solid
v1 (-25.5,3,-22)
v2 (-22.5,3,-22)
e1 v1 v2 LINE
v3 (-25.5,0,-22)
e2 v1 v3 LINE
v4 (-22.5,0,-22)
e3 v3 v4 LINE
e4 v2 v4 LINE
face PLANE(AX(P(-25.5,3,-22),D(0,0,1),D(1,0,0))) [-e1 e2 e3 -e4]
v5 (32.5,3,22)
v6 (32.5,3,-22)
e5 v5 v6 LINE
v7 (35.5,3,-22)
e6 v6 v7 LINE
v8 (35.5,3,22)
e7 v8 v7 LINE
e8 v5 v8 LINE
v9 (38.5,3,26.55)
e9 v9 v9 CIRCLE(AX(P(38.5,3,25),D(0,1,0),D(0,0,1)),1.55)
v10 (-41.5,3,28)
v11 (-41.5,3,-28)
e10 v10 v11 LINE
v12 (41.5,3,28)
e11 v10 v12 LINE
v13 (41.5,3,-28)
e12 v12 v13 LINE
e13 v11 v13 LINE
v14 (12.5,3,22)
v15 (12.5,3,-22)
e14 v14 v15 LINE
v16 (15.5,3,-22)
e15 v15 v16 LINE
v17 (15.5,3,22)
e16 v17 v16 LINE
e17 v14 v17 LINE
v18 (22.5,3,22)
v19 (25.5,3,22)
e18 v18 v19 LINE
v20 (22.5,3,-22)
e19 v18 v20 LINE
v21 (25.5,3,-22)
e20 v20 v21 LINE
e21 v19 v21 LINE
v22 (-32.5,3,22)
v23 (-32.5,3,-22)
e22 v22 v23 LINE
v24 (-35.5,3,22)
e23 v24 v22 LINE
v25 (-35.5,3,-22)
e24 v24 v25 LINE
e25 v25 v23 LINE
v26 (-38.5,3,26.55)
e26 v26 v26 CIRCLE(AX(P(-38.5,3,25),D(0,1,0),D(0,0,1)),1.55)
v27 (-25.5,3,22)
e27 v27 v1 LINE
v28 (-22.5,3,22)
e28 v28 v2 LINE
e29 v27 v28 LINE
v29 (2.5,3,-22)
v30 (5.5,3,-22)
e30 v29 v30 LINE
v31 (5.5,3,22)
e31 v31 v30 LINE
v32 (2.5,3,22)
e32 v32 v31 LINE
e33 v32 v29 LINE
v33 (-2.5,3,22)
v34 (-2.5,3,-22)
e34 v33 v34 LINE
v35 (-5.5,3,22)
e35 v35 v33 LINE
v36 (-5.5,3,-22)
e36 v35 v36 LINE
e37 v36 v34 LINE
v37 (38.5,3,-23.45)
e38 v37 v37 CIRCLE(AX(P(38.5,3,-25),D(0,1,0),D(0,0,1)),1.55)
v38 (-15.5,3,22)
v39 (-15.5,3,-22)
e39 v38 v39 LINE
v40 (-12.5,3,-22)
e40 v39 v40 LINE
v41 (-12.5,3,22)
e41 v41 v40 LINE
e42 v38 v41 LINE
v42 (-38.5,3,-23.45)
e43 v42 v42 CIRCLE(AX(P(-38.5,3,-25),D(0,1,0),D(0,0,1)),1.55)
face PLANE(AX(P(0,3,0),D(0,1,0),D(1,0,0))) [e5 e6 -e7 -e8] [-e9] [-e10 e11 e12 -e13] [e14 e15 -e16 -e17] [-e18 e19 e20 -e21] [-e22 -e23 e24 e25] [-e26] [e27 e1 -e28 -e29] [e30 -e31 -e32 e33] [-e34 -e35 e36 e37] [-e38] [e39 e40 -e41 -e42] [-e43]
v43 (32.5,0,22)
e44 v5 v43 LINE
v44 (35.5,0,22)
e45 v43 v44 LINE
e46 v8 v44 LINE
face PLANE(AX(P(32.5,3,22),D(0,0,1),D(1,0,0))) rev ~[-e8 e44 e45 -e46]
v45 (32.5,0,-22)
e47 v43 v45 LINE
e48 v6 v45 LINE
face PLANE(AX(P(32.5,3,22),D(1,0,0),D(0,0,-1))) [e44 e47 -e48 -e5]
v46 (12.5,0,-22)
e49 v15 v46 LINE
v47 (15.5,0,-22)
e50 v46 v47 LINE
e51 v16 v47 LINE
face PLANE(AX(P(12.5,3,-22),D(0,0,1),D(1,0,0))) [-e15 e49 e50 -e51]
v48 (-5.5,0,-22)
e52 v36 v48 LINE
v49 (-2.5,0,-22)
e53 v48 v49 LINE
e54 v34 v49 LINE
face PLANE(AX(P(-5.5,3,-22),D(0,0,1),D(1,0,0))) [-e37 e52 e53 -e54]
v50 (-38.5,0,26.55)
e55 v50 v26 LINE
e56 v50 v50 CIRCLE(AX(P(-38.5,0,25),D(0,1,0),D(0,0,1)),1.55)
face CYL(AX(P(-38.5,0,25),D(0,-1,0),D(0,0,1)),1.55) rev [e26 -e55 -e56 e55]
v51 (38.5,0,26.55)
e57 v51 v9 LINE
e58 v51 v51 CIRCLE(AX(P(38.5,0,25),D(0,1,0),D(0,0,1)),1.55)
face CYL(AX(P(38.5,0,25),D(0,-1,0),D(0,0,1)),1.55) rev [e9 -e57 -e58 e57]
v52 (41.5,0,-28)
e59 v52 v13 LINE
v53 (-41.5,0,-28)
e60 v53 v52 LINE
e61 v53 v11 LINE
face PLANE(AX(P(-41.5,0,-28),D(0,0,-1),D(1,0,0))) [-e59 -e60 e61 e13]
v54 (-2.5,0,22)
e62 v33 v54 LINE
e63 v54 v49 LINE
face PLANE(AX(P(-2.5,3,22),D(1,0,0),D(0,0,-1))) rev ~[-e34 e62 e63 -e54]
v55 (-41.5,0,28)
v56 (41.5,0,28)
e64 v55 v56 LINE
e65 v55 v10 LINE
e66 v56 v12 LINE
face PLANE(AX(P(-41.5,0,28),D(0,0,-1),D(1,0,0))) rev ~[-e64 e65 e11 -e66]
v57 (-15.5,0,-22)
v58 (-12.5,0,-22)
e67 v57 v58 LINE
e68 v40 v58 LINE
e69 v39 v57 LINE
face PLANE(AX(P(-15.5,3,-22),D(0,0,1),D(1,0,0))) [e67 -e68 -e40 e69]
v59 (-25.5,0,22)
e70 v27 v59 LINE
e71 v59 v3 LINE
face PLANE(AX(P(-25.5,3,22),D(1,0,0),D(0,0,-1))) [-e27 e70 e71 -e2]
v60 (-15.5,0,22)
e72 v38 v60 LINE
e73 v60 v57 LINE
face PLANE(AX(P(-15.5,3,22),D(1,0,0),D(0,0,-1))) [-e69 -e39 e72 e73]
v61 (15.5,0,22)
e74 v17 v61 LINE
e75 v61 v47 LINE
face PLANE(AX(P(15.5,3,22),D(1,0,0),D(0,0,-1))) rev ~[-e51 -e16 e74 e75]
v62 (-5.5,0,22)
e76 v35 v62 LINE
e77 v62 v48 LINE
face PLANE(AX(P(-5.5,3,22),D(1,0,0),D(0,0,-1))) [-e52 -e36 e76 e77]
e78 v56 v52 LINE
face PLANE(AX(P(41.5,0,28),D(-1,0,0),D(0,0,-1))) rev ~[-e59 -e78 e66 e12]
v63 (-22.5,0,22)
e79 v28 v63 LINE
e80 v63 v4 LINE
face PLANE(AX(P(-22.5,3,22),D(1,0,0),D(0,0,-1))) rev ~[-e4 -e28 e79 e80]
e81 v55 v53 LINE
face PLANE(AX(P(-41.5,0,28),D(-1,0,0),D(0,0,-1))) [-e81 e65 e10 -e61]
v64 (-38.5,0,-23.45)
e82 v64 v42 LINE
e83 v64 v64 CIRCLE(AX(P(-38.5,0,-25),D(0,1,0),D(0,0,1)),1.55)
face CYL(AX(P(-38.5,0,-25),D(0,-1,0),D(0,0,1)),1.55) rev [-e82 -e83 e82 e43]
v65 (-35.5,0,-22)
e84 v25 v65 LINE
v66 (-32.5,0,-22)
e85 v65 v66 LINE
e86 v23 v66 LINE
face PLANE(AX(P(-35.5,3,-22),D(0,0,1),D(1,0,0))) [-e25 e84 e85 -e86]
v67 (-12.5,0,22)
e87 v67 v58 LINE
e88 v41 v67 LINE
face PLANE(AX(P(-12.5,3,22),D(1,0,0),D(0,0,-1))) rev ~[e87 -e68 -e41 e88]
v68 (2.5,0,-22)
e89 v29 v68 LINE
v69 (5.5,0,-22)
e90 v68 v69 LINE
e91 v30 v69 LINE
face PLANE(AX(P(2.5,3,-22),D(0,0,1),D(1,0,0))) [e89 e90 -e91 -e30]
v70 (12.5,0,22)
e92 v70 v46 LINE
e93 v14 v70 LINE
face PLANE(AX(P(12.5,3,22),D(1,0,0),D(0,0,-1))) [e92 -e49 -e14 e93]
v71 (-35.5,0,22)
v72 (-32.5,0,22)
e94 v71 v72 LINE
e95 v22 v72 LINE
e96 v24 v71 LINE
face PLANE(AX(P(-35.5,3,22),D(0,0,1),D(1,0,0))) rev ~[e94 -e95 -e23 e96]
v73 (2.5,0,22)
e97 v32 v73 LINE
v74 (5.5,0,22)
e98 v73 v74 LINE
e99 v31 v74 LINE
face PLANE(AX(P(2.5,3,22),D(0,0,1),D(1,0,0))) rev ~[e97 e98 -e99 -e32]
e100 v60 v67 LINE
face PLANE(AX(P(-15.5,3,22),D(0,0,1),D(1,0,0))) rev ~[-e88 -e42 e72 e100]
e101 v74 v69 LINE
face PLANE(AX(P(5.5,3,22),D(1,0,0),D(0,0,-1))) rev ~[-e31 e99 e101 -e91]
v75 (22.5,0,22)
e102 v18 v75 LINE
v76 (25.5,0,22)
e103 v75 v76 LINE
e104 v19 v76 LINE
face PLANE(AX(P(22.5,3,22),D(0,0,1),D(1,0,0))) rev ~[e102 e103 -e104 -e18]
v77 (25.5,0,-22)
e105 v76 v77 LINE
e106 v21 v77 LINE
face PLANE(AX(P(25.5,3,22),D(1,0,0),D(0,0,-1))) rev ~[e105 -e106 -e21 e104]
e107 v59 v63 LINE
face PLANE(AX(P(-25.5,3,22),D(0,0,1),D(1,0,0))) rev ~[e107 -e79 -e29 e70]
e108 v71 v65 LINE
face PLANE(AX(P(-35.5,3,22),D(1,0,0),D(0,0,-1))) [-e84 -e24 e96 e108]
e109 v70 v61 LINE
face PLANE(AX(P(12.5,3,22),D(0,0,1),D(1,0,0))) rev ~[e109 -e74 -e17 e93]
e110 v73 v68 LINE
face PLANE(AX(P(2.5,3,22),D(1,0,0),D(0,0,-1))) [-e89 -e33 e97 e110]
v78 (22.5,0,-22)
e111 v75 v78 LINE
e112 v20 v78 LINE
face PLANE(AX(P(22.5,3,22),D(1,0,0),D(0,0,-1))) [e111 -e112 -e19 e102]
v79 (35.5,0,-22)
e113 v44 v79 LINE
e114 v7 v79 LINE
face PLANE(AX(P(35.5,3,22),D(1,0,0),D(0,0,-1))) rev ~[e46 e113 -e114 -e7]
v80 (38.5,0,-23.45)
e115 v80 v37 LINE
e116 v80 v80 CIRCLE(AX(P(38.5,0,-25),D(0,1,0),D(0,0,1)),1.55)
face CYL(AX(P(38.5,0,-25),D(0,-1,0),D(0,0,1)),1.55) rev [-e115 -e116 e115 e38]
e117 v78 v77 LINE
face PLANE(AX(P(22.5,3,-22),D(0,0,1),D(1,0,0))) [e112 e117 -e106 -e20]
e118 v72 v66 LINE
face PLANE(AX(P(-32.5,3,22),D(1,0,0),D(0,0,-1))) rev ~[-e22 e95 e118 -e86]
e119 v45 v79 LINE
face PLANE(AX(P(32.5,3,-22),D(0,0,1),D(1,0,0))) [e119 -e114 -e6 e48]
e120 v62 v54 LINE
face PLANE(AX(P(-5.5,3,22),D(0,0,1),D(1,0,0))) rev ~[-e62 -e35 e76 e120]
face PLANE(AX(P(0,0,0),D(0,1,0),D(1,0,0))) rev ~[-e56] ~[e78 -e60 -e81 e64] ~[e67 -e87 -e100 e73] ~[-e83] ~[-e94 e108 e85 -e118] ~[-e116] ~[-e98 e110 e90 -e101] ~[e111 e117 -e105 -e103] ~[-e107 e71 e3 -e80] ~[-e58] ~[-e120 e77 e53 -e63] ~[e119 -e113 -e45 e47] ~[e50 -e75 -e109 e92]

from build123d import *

# Parameters (mm, degrees)
SKETCH_1_W          = 83
SKETCH_1_H          = 56
SKETCH_1_R          = 1.55
EXTRUDE_1_DEPTH     = 3
SKETCH_3_W          = 3
SKETCH_3_H          = 44
CUT_EXTRUDE_1_DEPTH = 51.152268144


with BuildPart() as part:
    # ｽｹｯﾁ1 → ﾎﾞｽ - 押し出し1 (new body)
    with BuildSketch(Plane(origin=(0, 0, 0), x_dir=(1, 0, 0), z_dir=(0, 1, 0))):
        Rectangle(SKETCH_1_W, SKETCH_1_H)
        with Locations(Location((-38.5, 25, 0), (0, 0, 270))):
            Circle(SKETCH_1_R, mode=Mode.SUBTRACT)
        with Locations(Location((38.5, 25, 0), (0, 0, 270))):
            Circle(SKETCH_1_R, mode=Mode.SUBTRACT)
        with Locations(Location((38.5, -25, 0), (0, 0, 270))):
            Circle(SKETCH_1_R, mode=Mode.SUBTRACT)
        with Locations(Location((-38.5, -25, 0), (0, 0, 270))):
            Circle(SKETCH_1_R, mode=Mode.SUBTRACT)
    extrude(amount=EXTRUDE_1_DEPTH)

    # ｽｹｯﾁ3 → ｶｯﾄ - 押し出し1 (cut, through all)
    with BuildSketch(Plane(origin=(0, 3, 0), x_dir=(1, 0, 0), z_dir=(0, 1, 0))):
        with Locations((-34, 0)):
            Rectangle(SKETCH_3_W, SKETCH_3_H)
        with Locations((-24, 0)):
            Rectangle(SKETCH_3_W, SKETCH_3_H)
        with Locations((-14, 0)):
            Rectangle(SKETCH_3_W, SKETCH_3_H)
        with Locations((-4, 0)):
            Rectangle(SKETCH_3_W, SKETCH_3_H)
        with Locations((4, 0)):
            Rectangle(SKETCH_3_W, SKETCH_3_H)
        with Locations((14, 0)):
            Rectangle(SKETCH_3_W, SKETCH_3_H)
        with Locations((24, 0)):
            Rectangle(SKETCH_3_W, SKETCH_3_H)
        with Locations((34, 0)):
            Rectangle(SKETCH_3_W, SKETCH_3_H)
    extrude(amount=-CUT_EXTRUDE_1_DEPTH, mode=Mode.SUBTRACT)


solid = part.part
